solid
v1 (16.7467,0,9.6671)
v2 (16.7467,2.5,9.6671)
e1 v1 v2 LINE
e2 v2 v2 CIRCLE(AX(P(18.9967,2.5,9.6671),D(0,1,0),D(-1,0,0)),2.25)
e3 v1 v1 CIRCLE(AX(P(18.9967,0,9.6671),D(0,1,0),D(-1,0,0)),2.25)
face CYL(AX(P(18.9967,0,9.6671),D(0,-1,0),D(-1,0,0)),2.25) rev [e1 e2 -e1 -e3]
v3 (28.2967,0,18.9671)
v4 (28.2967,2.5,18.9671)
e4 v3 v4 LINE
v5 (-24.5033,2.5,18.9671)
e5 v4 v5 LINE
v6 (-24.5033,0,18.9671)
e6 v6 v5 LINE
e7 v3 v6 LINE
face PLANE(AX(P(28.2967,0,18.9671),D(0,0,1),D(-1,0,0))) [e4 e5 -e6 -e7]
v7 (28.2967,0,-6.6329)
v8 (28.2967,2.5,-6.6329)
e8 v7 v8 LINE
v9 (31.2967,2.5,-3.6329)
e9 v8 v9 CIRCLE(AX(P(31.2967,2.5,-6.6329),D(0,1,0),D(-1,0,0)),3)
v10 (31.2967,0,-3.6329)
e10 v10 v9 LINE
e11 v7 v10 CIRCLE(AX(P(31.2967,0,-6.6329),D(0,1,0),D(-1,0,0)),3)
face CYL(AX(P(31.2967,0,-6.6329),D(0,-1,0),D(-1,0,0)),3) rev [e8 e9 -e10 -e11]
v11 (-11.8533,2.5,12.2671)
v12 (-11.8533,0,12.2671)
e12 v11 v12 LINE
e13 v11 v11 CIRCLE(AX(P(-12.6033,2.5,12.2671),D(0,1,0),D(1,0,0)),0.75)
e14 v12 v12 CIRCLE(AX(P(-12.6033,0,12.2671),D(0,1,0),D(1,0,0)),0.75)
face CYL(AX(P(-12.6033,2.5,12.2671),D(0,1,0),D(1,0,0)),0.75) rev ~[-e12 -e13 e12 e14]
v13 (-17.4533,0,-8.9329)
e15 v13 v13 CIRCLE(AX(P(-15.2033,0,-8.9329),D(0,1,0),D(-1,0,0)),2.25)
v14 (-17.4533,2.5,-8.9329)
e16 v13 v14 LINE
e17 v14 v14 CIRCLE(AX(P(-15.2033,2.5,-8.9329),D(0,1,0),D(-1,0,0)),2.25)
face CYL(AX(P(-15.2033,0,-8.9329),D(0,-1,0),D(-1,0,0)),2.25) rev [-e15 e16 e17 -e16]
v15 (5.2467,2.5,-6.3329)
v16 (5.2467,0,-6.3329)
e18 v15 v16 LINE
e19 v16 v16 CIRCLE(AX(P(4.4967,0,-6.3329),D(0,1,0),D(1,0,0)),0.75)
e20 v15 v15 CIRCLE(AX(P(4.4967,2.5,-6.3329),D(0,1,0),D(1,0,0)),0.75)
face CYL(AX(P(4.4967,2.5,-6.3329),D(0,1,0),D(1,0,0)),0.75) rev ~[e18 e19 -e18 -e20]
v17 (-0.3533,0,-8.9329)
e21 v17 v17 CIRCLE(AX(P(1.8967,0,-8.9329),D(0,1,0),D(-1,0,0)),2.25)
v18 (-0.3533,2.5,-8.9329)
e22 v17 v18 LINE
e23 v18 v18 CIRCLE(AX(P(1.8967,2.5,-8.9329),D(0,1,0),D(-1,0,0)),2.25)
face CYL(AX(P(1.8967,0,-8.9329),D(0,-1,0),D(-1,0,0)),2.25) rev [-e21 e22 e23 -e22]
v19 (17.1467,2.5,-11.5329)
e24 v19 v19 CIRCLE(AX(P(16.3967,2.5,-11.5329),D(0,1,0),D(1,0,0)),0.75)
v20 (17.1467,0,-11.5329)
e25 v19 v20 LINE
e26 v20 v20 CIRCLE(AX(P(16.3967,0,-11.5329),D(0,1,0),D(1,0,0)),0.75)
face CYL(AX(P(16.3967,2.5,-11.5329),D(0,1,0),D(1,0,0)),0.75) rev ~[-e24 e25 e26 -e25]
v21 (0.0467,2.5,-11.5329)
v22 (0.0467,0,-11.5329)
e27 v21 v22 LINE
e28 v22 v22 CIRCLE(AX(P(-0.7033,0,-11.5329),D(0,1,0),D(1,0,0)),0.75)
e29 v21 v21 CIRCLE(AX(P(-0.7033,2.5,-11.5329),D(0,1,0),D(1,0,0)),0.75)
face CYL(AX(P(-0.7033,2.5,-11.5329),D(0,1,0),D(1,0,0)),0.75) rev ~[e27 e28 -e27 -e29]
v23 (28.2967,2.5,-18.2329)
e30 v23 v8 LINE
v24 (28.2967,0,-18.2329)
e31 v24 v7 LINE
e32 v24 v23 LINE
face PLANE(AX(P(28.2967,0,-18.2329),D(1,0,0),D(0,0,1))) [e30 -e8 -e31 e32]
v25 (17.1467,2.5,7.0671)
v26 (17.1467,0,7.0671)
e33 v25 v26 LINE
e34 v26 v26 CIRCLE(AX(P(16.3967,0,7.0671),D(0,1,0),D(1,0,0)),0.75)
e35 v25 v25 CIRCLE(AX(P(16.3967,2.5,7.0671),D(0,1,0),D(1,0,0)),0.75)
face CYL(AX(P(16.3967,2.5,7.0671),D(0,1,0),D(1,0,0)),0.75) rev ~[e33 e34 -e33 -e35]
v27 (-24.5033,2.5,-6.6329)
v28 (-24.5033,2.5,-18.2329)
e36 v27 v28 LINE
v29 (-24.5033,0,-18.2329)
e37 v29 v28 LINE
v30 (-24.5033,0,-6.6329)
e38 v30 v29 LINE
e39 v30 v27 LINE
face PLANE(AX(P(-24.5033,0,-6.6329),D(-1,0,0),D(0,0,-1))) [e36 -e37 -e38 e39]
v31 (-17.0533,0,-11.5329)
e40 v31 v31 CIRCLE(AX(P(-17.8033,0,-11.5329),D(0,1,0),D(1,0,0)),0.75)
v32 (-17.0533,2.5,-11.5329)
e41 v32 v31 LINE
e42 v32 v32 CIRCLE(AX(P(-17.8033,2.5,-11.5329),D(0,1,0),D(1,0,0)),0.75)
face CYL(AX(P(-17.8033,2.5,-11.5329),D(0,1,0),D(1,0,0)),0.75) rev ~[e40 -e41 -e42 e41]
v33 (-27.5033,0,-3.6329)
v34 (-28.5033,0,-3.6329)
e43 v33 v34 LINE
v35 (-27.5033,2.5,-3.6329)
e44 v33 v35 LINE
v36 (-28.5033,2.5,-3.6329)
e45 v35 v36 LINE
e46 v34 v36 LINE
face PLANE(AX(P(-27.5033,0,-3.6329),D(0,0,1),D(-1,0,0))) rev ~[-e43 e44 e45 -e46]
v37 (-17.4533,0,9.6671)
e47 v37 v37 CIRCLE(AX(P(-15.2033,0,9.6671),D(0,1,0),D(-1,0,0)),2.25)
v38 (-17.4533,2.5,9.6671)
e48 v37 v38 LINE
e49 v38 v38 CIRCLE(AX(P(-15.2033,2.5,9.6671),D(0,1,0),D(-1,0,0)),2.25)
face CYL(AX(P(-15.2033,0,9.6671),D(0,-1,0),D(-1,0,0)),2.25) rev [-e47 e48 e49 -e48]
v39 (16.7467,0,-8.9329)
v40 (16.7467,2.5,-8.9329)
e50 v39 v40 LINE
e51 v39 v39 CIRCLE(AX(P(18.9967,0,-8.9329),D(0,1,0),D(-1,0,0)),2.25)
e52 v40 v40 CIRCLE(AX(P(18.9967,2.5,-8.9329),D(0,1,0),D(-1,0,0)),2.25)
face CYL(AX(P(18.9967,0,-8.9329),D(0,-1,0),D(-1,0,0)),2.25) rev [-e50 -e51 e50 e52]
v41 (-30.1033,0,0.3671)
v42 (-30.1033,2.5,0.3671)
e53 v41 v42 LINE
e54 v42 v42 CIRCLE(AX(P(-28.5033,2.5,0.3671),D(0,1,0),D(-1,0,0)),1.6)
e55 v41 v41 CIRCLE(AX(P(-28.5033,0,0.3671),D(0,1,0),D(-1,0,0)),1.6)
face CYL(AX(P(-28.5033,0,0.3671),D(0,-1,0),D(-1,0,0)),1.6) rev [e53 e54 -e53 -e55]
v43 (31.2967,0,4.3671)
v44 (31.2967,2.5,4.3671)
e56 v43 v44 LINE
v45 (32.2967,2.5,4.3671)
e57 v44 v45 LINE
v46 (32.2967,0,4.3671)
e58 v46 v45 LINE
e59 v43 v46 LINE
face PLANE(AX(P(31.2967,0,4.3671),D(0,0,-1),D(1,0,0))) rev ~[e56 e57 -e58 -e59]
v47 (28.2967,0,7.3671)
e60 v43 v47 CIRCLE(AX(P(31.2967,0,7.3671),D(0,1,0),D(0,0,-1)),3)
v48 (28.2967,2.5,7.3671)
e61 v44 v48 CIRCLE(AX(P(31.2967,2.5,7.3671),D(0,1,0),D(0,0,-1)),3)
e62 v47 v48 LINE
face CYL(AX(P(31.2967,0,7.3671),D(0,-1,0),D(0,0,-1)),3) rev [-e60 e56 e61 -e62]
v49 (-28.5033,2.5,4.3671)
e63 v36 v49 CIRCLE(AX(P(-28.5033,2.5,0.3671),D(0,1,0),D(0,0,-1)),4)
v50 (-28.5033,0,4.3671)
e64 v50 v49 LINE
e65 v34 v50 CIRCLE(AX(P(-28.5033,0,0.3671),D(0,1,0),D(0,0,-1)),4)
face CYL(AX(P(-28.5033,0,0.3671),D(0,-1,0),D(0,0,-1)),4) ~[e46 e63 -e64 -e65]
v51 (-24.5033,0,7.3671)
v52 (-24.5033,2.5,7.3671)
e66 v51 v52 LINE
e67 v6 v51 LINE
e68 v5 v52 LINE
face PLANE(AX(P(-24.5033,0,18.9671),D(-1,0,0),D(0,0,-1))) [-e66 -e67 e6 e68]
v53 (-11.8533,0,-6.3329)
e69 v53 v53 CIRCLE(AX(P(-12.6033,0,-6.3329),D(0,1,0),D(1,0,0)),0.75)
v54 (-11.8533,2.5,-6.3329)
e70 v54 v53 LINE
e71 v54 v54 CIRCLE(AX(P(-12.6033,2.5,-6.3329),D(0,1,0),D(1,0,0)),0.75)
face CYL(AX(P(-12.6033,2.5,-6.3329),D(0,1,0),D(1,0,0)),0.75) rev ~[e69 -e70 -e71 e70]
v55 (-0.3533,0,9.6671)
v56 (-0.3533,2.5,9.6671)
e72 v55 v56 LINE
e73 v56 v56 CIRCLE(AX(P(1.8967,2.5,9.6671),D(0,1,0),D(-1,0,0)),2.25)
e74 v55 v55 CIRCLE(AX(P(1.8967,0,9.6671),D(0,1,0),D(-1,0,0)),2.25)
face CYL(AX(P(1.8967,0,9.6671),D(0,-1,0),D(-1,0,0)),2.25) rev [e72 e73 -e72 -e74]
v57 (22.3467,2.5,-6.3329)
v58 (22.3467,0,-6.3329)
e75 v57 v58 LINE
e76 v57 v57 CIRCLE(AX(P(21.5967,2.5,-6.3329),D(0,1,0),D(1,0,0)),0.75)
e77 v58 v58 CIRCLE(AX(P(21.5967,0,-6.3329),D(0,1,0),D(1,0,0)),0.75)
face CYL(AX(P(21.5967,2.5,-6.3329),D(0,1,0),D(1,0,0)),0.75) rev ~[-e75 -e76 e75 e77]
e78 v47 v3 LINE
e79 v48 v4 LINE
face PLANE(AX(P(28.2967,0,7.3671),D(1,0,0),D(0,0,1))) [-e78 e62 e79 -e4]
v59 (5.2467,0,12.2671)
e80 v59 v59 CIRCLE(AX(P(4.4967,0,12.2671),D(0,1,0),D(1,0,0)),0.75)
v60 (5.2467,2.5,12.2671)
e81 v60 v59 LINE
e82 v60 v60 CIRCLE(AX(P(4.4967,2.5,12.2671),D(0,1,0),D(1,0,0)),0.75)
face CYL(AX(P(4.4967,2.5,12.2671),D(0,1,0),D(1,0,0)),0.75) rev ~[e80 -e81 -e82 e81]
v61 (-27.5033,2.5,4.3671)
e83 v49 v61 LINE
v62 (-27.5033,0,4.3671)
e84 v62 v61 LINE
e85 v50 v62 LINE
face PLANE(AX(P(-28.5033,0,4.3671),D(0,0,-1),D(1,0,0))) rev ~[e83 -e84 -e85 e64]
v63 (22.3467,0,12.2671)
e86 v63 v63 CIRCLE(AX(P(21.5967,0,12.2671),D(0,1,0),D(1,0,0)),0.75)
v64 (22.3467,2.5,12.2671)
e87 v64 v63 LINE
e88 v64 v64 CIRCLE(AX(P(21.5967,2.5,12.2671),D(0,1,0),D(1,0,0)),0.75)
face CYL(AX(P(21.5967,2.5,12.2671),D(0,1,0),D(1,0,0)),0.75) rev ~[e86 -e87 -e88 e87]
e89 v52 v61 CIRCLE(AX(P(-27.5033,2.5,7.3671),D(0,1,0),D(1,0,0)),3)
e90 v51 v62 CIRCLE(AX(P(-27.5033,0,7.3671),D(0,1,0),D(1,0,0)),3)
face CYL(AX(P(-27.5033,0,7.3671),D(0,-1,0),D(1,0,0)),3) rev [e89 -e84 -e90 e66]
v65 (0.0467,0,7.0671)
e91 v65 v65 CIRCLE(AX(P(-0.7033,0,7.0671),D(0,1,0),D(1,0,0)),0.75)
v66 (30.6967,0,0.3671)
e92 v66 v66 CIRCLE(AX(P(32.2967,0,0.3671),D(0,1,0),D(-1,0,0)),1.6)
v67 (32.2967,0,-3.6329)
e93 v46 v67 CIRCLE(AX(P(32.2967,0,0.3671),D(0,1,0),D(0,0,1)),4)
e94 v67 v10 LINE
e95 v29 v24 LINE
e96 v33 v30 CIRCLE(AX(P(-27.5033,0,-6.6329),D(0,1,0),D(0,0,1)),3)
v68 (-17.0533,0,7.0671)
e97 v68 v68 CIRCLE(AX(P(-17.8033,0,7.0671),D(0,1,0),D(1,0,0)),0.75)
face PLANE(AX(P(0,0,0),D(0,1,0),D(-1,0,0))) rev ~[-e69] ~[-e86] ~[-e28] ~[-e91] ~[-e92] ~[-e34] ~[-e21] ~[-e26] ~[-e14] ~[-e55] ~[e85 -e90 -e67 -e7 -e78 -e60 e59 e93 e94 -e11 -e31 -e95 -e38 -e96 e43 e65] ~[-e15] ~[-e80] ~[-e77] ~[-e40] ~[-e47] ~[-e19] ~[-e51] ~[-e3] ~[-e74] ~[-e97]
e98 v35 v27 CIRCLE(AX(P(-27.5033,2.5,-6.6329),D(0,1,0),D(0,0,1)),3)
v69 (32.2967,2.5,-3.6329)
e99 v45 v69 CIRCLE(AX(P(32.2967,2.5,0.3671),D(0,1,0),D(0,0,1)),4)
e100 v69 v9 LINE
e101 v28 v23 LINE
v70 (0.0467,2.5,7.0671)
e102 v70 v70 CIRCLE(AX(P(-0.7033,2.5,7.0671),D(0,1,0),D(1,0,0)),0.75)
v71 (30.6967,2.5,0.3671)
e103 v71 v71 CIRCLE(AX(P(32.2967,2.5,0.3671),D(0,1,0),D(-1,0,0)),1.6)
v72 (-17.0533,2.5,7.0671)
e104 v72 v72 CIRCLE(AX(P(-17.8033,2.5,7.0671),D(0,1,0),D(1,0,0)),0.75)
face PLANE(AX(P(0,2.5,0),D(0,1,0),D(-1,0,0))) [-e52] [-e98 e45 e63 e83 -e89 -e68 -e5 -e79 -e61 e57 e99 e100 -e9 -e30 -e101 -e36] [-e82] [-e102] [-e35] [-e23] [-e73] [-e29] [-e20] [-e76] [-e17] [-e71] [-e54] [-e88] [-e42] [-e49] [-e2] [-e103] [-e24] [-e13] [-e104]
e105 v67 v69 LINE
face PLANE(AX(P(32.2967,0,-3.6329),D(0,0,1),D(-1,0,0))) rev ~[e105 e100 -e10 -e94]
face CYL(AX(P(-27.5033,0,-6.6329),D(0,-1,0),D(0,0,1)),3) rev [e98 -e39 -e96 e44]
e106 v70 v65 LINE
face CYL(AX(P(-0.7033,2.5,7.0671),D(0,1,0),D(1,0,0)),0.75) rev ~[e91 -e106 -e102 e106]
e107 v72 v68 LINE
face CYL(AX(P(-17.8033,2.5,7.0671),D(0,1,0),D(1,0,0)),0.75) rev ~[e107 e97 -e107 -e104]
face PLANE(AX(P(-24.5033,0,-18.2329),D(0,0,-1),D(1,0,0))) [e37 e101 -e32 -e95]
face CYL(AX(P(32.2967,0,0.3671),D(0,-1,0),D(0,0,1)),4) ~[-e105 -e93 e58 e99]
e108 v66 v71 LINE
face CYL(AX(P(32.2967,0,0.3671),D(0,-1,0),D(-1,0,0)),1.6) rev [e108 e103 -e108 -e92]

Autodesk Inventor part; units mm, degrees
ref_plane "YZ Plane" through (0, 0, 0) normal (1, 0, 0) x (0, 1, 0)
ref_plane "XZ Plane" through (0, 0, 0) normal (0, 1, 0) x (-1, 0, 0)
ref_plane "XY Plane" through (0, 0, 0) normal (0, 0, 1) x (1, 0, 0)
sketch "Sketch1" plane through (0, 0, 0) normal (0, 1, 0) x (-1, 0, 0)
  arc A0 (27.5033, -3.6329) -> (24.5033, -6.6329) centre (27.5033, -6.6329) ccw
  arc A1 (28.5033, -3.6329) -> (28.5033, 4.3671) centre (28.5033, 0.3671) ccw
  line L0 (27.5033, -3.6329) -> (28.5033, -3.6329)
  line L1 (28.5033, 4.3671) -> (27.5033, 4.3671)
  arc A2 (24.5033, 7.3671) -> (27.5033, 4.3671) centre (27.5033, 7.3671) ccw
  line L2 (24.5033, 18.9671) -> (24.5033, 7.3671)
  line L3 (-28.2967, 18.9671) -> (24.5033, 18.9671)
  line L4 (-28.2967, 7.3671) -> (-28.2967, 18.9671)
  arc A3 (-31.2967, 4.3671) -> (-28.2967, 7.3671) centre (-31.2967, 7.3671) ccw
  line L5 (-31.2967, 4.3671) -> (-32.2967, 4.3671)
  arc A4 (-32.2967, 4.3671) -> (-32.2967, -3.6329) centre (-32.2967, 0.3671) ccw
  line L6 (-32.2967, -3.6329) -> (-31.2967, -3.6329)
  arc A5 (-28.2967, -6.6329) -> (-31.2967, -3.6329) centre (-31.2967, -6.6329) ccw
  line L7 (-28.2967, -18.2329) -> (-28.2967, -6.6329)
  line L8 (24.5033, -18.2329) -> (-28.2967, -18.2329)
  line L9 (24.5033, -6.6329) -> (24.5033, -18.2329)
  circle A6 centre (28.5033, 0.3671) radius 1.6
  circle A7 centre (-32.2967, 0.3671) radius 1.6
  circle A8 centre (-1.8967, 9.6671) radius 2.25
  circle A9 centre (15.2033, 9.6671) radius 2.25
  circle A10 centre (15.2033, -8.9329) radius 2.25
  circle A11 centre (-1.8967, -8.9329) radius 2.25
  circle A12 centre (-18.9967, -8.9329) radius 2.25
  circle A13 centre (-18.9967, 9.6671) radius 2.25
  point P0 (0, 0)
extrude "Extrusion1" add sketch "Sketch1" along normal blind 2.5
sketch "Sketch2" plane through (0, 2.5, 0) normal (0, 1, 0) x (1, 0, 0)
  line L0 (-12.6033, -12.2671) -> (-17.8033, -12.2671) construction
  line L1 (-17.8033, -12.2671) -> (-17.8033, -7.0671) construction
  line L2 (-17.8033, -7.0671) -> (-12.6033, -7.0671) construction
  line L3 (-12.6033, -7.0671) -> (-12.6033, -12.2671) construction
  circle A0 centre (-15.2033, -9.6671) radius 2.25 construction
  line L4 (-12.6033, -12.2671) -> (-17.8033, -7.0671) construction
  line L5 (-17.8033, -12.2671) -> (-12.6033, -7.0671) construction
  circle A1 centre (-17.8033, -7.0671) radius 0.75
  circle A2 centre (-12.6033, -12.2671) radius 0.75
  circle A3 centre (-17.8033, 11.5329) radius 0.75
  circle A4 centre (-12.6033, 6.3329) radius 0.75
  circle A5 centre (-0.7033, -7.0671) radius 0.75
  circle A6 centre (4.4967, -12.2671) radius 0.75
  circle A7 centre (-0.7033, 11.5329) radius 0.75
  circle A8 centre (4.4967, 6.3329) radius 0.75
  circle A9 centre (16.3967, -7.0671) radius 0.75
  circle A10 centre (21.5967, -12.2671) radius 0.75
  circle A11 centre (16.3967, 11.5329) radius 0.75
  circle A12 centre (21.5967, 6.3329) radius 0.75
  point P0 (0, 0)
  dimension "d2" = 1.5
  dimension "d3" = 1.5
  dimension "d6" = 18.6
  dimension "d9" = 17.1
  dimension "d14" = 5.2
  dimension "d15" = 5.2
extrude "Extrusion2" cut sketch "Sketch2" against normal through all
equation "\"d3\" = d2"
